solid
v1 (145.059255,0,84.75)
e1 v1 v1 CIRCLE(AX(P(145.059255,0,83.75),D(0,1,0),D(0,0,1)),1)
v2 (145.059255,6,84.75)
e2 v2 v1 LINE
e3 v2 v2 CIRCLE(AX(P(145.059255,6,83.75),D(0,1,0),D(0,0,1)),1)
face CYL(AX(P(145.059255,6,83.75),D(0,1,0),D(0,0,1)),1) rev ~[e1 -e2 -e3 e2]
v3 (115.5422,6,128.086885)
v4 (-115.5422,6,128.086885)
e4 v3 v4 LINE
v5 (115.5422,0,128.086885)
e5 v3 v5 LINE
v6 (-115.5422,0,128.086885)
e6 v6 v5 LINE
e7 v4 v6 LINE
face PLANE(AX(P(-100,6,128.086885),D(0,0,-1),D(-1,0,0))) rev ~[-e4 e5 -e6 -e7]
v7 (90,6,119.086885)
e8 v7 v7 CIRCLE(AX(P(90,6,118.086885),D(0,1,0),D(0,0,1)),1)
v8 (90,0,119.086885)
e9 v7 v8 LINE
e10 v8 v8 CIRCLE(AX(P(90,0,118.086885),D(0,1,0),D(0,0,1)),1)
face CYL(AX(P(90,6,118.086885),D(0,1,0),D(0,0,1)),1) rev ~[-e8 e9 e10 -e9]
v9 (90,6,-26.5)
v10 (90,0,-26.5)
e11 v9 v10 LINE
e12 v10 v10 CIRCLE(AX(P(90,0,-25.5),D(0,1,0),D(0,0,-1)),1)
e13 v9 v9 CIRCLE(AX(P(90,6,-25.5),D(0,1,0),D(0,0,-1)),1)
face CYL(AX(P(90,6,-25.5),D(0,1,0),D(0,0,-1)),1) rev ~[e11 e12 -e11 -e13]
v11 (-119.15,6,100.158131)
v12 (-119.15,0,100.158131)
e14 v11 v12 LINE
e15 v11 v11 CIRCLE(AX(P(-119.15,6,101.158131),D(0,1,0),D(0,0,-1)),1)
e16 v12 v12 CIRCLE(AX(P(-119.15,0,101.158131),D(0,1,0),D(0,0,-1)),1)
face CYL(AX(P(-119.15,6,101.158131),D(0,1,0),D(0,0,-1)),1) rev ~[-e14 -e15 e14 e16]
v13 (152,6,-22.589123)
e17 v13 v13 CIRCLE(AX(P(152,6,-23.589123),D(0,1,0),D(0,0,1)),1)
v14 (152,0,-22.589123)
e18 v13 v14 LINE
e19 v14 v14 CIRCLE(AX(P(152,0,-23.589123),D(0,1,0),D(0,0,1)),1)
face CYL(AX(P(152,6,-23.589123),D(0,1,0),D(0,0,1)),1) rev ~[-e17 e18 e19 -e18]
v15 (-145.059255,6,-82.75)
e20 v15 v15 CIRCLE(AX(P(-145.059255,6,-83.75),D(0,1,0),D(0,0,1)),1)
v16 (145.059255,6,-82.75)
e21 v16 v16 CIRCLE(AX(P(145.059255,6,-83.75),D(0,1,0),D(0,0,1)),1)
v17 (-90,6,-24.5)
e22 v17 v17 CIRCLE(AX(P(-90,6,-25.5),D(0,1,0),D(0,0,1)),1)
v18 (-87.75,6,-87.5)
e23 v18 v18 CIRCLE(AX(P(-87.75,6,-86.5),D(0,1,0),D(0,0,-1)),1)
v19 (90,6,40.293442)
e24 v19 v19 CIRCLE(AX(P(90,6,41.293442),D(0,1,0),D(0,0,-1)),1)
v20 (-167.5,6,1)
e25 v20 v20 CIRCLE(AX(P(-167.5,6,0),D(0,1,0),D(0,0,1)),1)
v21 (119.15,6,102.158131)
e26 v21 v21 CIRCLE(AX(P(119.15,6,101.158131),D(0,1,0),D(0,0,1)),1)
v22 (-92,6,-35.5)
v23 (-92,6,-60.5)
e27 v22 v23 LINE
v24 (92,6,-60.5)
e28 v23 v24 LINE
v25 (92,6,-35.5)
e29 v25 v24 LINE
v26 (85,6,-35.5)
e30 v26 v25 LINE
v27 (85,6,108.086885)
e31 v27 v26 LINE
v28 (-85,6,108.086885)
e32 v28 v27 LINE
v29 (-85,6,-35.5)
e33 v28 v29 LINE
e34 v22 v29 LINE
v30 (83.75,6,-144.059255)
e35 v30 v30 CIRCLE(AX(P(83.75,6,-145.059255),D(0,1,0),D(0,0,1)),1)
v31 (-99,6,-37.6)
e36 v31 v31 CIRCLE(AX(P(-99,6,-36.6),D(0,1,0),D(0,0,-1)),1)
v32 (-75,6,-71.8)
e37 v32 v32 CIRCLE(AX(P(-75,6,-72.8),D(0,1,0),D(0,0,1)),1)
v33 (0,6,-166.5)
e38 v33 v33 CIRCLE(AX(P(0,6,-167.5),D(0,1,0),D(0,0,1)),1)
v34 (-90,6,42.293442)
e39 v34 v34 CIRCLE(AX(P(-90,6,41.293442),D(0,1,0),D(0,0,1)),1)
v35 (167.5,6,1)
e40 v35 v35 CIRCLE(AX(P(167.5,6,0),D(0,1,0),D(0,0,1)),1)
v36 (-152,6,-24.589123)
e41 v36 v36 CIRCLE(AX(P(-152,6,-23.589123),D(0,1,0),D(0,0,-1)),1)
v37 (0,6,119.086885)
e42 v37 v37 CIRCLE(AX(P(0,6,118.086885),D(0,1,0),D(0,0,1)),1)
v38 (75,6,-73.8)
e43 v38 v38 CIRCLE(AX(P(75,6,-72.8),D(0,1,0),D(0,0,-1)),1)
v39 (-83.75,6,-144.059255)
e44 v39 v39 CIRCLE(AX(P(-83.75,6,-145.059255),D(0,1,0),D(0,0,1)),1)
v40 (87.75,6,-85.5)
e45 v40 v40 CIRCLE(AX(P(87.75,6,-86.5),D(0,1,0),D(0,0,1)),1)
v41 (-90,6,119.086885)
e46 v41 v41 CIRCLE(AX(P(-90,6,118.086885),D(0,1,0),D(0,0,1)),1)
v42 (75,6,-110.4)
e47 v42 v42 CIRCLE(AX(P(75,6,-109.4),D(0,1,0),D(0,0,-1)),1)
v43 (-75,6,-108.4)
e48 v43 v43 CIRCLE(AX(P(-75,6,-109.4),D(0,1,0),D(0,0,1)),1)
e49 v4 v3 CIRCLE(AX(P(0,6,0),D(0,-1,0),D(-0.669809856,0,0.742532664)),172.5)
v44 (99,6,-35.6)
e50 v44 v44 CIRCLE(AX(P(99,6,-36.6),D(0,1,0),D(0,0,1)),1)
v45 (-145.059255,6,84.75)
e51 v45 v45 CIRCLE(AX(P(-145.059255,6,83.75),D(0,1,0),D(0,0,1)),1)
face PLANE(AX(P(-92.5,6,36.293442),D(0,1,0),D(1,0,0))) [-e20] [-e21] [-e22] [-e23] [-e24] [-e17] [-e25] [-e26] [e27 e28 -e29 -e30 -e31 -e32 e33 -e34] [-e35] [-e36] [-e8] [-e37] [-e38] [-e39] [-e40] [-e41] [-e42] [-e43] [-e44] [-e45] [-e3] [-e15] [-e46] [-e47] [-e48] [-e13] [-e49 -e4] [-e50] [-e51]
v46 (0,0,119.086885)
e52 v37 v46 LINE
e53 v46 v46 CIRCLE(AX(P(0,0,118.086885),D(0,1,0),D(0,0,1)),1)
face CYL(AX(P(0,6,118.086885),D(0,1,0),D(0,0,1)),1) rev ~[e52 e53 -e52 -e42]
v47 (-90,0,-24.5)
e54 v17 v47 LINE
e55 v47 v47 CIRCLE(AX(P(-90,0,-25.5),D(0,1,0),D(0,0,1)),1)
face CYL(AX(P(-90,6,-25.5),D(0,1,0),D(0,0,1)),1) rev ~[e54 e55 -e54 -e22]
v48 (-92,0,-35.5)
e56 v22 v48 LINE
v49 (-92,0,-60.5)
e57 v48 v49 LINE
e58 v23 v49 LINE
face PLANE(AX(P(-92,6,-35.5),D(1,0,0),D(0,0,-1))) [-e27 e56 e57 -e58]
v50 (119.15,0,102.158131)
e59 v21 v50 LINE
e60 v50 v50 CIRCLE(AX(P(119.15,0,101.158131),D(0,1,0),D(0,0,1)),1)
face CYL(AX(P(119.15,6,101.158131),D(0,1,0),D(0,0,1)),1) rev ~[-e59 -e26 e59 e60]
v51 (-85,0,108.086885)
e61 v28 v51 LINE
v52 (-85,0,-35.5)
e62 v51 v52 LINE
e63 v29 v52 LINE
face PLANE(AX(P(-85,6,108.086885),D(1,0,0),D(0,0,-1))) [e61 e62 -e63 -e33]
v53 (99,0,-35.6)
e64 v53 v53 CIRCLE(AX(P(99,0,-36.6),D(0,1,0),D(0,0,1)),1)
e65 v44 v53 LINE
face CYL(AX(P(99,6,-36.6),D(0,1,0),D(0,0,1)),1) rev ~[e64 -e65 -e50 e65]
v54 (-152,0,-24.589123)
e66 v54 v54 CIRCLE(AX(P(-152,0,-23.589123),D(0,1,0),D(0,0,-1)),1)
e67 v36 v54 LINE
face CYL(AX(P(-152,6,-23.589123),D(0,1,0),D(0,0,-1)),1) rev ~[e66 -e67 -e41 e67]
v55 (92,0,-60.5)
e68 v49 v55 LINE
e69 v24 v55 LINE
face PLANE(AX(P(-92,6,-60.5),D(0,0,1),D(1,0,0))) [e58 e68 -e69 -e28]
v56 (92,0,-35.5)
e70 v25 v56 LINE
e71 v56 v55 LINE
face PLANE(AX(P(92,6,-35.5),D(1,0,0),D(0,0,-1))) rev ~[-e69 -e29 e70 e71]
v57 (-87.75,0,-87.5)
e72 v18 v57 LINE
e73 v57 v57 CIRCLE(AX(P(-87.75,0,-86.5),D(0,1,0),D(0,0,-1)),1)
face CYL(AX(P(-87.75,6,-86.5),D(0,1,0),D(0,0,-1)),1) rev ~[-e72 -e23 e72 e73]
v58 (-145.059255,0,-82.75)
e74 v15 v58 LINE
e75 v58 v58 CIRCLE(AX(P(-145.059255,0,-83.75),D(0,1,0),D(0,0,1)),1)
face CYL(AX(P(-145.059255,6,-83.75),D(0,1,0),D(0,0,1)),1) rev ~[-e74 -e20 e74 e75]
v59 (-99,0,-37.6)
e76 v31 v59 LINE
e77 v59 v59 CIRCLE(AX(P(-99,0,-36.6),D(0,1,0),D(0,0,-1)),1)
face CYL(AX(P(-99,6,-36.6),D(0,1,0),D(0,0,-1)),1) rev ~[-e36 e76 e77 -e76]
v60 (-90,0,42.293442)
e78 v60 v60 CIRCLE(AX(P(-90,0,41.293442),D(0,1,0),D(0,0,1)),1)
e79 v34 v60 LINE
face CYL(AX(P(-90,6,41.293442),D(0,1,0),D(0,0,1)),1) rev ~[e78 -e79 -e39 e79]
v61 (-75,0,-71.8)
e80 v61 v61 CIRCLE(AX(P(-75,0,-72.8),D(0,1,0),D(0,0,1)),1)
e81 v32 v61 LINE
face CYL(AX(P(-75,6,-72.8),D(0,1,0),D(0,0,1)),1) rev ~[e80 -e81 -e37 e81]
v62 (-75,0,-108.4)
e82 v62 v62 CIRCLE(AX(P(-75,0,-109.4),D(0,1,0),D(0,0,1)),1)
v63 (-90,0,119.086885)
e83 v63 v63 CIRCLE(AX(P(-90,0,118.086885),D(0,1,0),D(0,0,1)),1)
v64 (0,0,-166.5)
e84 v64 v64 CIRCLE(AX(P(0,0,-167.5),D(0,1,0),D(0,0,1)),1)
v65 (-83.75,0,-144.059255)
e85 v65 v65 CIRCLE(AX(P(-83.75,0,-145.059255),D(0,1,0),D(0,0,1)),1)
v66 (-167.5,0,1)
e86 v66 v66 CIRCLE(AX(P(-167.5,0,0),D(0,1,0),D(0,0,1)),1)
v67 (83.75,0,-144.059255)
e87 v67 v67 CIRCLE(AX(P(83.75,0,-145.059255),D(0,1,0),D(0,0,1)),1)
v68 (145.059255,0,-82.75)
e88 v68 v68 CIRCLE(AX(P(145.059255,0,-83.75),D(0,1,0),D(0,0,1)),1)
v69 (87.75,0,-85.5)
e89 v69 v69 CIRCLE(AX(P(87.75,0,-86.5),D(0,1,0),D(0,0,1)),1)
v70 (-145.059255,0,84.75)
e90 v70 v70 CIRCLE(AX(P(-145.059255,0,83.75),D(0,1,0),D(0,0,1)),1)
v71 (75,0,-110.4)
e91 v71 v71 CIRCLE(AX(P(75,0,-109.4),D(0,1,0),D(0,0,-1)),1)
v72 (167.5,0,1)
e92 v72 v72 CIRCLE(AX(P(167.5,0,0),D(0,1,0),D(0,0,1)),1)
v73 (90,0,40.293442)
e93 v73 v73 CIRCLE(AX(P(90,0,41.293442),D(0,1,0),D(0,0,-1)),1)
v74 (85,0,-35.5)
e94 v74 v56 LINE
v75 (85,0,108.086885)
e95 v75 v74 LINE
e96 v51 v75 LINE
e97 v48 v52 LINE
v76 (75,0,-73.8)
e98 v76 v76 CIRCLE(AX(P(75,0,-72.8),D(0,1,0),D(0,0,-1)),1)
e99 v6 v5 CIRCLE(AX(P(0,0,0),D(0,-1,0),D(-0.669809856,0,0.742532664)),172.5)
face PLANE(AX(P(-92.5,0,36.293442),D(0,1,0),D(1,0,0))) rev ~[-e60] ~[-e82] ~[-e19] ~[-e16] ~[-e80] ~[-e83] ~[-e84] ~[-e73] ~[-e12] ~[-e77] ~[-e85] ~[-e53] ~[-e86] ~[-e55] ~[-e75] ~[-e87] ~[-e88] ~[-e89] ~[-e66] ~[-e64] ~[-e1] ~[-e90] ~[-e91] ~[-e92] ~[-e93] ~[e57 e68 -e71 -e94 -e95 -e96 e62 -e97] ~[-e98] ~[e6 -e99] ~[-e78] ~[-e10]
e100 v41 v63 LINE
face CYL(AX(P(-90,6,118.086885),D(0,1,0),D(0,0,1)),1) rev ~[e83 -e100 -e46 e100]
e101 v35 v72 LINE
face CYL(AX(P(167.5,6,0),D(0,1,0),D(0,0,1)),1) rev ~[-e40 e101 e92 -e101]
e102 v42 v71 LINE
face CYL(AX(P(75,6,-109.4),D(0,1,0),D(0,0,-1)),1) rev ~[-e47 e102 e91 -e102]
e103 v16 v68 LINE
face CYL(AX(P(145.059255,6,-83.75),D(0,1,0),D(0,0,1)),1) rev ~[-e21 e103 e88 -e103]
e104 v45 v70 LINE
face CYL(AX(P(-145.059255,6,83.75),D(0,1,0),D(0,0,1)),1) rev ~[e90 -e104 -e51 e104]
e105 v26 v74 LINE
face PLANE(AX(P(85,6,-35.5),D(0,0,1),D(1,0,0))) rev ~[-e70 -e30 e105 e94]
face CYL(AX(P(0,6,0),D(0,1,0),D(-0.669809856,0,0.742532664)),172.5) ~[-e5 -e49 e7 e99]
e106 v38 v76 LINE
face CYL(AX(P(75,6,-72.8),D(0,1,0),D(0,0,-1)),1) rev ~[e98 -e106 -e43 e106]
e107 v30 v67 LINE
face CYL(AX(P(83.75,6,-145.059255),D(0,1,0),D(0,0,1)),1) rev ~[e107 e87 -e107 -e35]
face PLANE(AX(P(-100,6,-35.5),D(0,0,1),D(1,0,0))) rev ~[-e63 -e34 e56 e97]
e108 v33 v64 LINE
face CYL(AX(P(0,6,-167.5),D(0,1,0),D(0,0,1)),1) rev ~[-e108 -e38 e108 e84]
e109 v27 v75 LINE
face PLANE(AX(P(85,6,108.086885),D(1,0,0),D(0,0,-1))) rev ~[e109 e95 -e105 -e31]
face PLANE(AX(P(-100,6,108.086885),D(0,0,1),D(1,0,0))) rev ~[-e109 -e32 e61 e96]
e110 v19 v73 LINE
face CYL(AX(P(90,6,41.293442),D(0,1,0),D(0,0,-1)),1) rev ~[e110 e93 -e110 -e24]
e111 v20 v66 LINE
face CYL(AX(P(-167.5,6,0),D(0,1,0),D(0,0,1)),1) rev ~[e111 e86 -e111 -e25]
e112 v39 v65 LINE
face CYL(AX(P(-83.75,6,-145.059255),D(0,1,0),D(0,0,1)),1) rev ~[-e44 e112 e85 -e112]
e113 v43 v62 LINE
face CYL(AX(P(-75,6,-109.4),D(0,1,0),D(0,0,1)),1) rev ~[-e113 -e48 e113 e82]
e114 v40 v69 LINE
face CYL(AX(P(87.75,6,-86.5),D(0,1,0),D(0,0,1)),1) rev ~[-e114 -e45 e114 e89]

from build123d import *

# Parameters (mm, degrees)
BOSS_EXTRUDE1_DEPTH = 6
SKETCH4_R           = 1
CUT_EXTRUDE2_DEPTH  = 230.888016217
SKETCH5_W           = 200
SKETCH5_H           = 20
BOSS_EXTRUDE2_DEPTH = 6
SKETCH6_W           = 184
SKETCH6_H           = 25
CUT_EXTRUDE3_DEPTH  = 230.888016217
SKETCH7_R           = 1
CUT_EXTRUDE4_DEPTH  = 6
BOSS_EXTRUDE3_DEPTH = 6
SKETCH9_R           = 1
CUT_EXTRUDE5_DEPTH  = 245.02561341
SKETCH10_W          = 15
SKETCH10_H          = 143.586884574
BOSS_EXTRUDE4_DEPTH = 6
SKETCH11_R          = 1
CUT_EXTRUDE6_DEPTH  = 245.02561341


with BuildPart() as part:
    # Sketch2 → Boss-Extrude1 (new body)
    with BuildSketch(Plane(origin=(0, 0, 0), x_dir=(1, 0, 0), z_dir=(0, 1, 0))):
        with BuildLine():
            Line((-100, -128.086884574), (-100, 35.5))
            Line((-100, 35.5), (100, 35.5))
            Line((100, 35.5), (100, -128.086884574))
            ThreePointArc((100, -128.086884574), (0, 162.5), (-100, -128.086884574))
        make_face()
    extrude(amount=BOSS_EXTRUDE1_DEPTH)

    # Sketch4 → Cut-Extrude2 (cut, through all)
    with BuildSketch(Plane(origin=(0, 6, 0), x_dir=(1, 0, 0), z_dir=(0, 1, 0))):
        with Locations(Location((119.15, -101.158131161, 0), (0, 0, 270))):
            Circle(SKETCH4_R)
        with Locations(Location((87.75, 86.5, 0), (0, 0, 270))):
            Circle(SKETCH4_R)
        with Locations(Location((152, 23.589123318, 0), (0, 0, 270))):
            Circle(SKETCH4_R)
        with Locations(Location((-87.75, 86.5, 0), (0, 0, 90))):
            Circle(SKETCH4_R)
        with Locations(Location((99, 36.6, 0), (0, 0, 270))):
            Circle(SKETCH4_R)
        with Locations(Location((-99, 36.6, 0), (0, 0, 90))):
            Circle(SKETCH4_R)
        with Locations(Location((-152, 23.589123318, 0), (0, 0, 90))):
            Circle(SKETCH4_R)
        with Locations(Location((-119.15, -101.158131161, 0), (0, 0, 90))):
            Circle(SKETCH4_R)
    extrude(amount=-CUT_EXTRUDE2_DEPTH, mode=Mode.SUBTRACT)

    # Sketch5 → Boss-Extrude2 (add)
    with BuildSketch(Plane(origin=(0, 6, 0), x_dir=(1, 0, 0), z_dir=(0, 1, 0))):
        with Locations((0, -118.086884574)):
            Rectangle(SKETCH5_W, SKETCH5_H)
    extrude(amount=-BOSS_EXTRUDE2_DEPTH)

    # Sketch6 → Cut-Extrude3 (cut, through all)
    with BuildSketch(Plane(origin=(0, 6, 0), x_dir=(1, 0, 0), z_dir=(0, 1, 0))):
        with Locations((0, 48)):
            Rectangle(SKETCH6_W, SKETCH6_H)
    extrude(amount=-CUT_EXTRUDE3_DEPTH, mode=Mode.SUBTRACT)

    # Sketch7 → Cut-Extrude4 (cut)
    with BuildSketch(Plane(origin=(0, 6, 0), x_dir=(1, 0, 0), z_dir=(0, 1, 0))):
        with Locations(Location((-75, 72.8, 0), (0, 0, 270))):
            Circle(SKETCH7_R)
        with Locations(Location((-75, 109.4, 0), (0, 0, 270))):
            Circle(SKETCH7_R)
        with Locations(Location((75, 109.4, 0), (0, 0, 90))):
            Circle(SKETCH7_R)
        with Locations(Location((75, 72.8, 0), (0, 0, 90))):
            Circle(SKETCH7_R)
    extrude(amount=-CUT_EXTRUDE4_DEPTH, mode=Mode.SUBTRACT)

    # Sketch8 → Boss-Extrude3 (add, through all)
    with BuildSketch(Plane(origin=(0, 6, 0), x_dir=(1, 0, 0), z_dir=(0, 1, 0))):
        with BuildLine():
            Line((-100, -128.086884574), (-115.542200083, -128.086884574))
            ThreePointArc((-115.542200083, -128.086884574), (0, 172.5), (115.542200083, -128.086884574))
            Line((115.542200083, -128.086884574), (100, -128.086884574))
            ThreePointArc((100, -128.086884574), (0, 162.5), (-100, -128.086884574))
        make_face()
    extrude(amount=-BOSS_EXTRUDE3_DEPTH)

    # Sketch9 → Cut-Extrude5 (cut, through all)
    with BuildSketch(Plane(origin=(0, 6, 0), x_dir=(1, 0, 0), z_dir=(0, 1, 0))):
        with Locations(Location((0, 167.5, 0), (0, 0, 270))):
            Circle(SKETCH9_R)
        with Locations(Location((83.75, 145.059255134, 0), (0, 0, 270))):
            Circle(SKETCH9_R)
        with Locations(Location((145.059255134, 83.75, 0), (0, 0, 270))):
            Circle(SKETCH9_R)
        with Locations(Location((167.5, 0, 0), (0, 0, 270))):
            Circle(SKETCH9_R)
        with Locations(Location((145.059255134, -83.75, 0), (0, 0, 270))):
            Circle(SKETCH9_R)
        with Locations((83.75, -145.059255134)):
            Circle(SKETCH9_R)
        with Locations((0, -167.5)):
            Circle(SKETCH9_R)
        with Locations((-83.75, -145.059255134)):
            Circle(SKETCH9_R)
        with Locations(Location((-145.059255134, -83.75, 0), (0, 0, 270))):
            Circle(SKETCH9_R)
        with Locations(Location((-167.5, 0, 0), (0, 0, 270))):
            Circle(SKETCH9_R)
        with Locations(Location((-145.059255134, 83.75, 0), (0, 0, 270))):
            Circle(SKETCH9_R)
        with Locations(Location((-83.75, 145.059255134, 0), (0, 0, 270))):
            Circle(SKETCH9_R)
    extrude(amount=-CUT_EXTRUDE5_DEPTH, mode=Mode.SUBTRACT)

    # Sketch10 → Boss-Extrude4 (add, through all)
    with BuildSketch(Plane(origin=(0, 6, 0), x_dir=(1, 0, 0), z_dir=(0, 1, 0))):
        with Locations((-92.5, -36.293442287)):
            Rectangle(SKETCH10_W, SKETCH10_H)
        with Locations((92.5, -36.293442287)):
            Rectangle(SKETCH10_W, SKETCH10_H)
    extrude(amount=-BOSS_EXTRUDE4_DEPTH)

    # Sketch11 → Cut-Extrude6 (cut, through all)
    with BuildSketch(Plane(origin=(0, 6, 0), x_dir=(1, 0, 0), z_dir=(0, 1, 0))):
        with Locations(Location((-90, -118.086884574, 0), (0, 0, 270))):
            Circle(SKETCH11_R)
        with Locations(Location((0, -118.086884574, 0), (0, 0, 270))):
            Circle(SKETCH11_R)
        with Locations(Location((90, -118.086884574, 0), (0, 0, 270))):
            Circle(SKETCH11_R)
        with Locations(Location((-90, 25.5, 0), (0, 0, 270))):
            Circle(SKETCH11_R)
        with Locations(Location((-90, -41.293442287, 0), (0, 0, 270))):
            Circle(SKETCH11_R)
        with Locations(Location((90, -41.293442287, 0), (0, 0, 90))):
            Circle(SKETCH11_R)
        with Locations(Location((90, 25.5, 0), (0, 0, 90))):
            Circle(SKETCH11_R)
    extrude(amount=-CUT_EXTRUDE6_DEPTH, mode=Mode.SUBTRACT)


solid = part.part
